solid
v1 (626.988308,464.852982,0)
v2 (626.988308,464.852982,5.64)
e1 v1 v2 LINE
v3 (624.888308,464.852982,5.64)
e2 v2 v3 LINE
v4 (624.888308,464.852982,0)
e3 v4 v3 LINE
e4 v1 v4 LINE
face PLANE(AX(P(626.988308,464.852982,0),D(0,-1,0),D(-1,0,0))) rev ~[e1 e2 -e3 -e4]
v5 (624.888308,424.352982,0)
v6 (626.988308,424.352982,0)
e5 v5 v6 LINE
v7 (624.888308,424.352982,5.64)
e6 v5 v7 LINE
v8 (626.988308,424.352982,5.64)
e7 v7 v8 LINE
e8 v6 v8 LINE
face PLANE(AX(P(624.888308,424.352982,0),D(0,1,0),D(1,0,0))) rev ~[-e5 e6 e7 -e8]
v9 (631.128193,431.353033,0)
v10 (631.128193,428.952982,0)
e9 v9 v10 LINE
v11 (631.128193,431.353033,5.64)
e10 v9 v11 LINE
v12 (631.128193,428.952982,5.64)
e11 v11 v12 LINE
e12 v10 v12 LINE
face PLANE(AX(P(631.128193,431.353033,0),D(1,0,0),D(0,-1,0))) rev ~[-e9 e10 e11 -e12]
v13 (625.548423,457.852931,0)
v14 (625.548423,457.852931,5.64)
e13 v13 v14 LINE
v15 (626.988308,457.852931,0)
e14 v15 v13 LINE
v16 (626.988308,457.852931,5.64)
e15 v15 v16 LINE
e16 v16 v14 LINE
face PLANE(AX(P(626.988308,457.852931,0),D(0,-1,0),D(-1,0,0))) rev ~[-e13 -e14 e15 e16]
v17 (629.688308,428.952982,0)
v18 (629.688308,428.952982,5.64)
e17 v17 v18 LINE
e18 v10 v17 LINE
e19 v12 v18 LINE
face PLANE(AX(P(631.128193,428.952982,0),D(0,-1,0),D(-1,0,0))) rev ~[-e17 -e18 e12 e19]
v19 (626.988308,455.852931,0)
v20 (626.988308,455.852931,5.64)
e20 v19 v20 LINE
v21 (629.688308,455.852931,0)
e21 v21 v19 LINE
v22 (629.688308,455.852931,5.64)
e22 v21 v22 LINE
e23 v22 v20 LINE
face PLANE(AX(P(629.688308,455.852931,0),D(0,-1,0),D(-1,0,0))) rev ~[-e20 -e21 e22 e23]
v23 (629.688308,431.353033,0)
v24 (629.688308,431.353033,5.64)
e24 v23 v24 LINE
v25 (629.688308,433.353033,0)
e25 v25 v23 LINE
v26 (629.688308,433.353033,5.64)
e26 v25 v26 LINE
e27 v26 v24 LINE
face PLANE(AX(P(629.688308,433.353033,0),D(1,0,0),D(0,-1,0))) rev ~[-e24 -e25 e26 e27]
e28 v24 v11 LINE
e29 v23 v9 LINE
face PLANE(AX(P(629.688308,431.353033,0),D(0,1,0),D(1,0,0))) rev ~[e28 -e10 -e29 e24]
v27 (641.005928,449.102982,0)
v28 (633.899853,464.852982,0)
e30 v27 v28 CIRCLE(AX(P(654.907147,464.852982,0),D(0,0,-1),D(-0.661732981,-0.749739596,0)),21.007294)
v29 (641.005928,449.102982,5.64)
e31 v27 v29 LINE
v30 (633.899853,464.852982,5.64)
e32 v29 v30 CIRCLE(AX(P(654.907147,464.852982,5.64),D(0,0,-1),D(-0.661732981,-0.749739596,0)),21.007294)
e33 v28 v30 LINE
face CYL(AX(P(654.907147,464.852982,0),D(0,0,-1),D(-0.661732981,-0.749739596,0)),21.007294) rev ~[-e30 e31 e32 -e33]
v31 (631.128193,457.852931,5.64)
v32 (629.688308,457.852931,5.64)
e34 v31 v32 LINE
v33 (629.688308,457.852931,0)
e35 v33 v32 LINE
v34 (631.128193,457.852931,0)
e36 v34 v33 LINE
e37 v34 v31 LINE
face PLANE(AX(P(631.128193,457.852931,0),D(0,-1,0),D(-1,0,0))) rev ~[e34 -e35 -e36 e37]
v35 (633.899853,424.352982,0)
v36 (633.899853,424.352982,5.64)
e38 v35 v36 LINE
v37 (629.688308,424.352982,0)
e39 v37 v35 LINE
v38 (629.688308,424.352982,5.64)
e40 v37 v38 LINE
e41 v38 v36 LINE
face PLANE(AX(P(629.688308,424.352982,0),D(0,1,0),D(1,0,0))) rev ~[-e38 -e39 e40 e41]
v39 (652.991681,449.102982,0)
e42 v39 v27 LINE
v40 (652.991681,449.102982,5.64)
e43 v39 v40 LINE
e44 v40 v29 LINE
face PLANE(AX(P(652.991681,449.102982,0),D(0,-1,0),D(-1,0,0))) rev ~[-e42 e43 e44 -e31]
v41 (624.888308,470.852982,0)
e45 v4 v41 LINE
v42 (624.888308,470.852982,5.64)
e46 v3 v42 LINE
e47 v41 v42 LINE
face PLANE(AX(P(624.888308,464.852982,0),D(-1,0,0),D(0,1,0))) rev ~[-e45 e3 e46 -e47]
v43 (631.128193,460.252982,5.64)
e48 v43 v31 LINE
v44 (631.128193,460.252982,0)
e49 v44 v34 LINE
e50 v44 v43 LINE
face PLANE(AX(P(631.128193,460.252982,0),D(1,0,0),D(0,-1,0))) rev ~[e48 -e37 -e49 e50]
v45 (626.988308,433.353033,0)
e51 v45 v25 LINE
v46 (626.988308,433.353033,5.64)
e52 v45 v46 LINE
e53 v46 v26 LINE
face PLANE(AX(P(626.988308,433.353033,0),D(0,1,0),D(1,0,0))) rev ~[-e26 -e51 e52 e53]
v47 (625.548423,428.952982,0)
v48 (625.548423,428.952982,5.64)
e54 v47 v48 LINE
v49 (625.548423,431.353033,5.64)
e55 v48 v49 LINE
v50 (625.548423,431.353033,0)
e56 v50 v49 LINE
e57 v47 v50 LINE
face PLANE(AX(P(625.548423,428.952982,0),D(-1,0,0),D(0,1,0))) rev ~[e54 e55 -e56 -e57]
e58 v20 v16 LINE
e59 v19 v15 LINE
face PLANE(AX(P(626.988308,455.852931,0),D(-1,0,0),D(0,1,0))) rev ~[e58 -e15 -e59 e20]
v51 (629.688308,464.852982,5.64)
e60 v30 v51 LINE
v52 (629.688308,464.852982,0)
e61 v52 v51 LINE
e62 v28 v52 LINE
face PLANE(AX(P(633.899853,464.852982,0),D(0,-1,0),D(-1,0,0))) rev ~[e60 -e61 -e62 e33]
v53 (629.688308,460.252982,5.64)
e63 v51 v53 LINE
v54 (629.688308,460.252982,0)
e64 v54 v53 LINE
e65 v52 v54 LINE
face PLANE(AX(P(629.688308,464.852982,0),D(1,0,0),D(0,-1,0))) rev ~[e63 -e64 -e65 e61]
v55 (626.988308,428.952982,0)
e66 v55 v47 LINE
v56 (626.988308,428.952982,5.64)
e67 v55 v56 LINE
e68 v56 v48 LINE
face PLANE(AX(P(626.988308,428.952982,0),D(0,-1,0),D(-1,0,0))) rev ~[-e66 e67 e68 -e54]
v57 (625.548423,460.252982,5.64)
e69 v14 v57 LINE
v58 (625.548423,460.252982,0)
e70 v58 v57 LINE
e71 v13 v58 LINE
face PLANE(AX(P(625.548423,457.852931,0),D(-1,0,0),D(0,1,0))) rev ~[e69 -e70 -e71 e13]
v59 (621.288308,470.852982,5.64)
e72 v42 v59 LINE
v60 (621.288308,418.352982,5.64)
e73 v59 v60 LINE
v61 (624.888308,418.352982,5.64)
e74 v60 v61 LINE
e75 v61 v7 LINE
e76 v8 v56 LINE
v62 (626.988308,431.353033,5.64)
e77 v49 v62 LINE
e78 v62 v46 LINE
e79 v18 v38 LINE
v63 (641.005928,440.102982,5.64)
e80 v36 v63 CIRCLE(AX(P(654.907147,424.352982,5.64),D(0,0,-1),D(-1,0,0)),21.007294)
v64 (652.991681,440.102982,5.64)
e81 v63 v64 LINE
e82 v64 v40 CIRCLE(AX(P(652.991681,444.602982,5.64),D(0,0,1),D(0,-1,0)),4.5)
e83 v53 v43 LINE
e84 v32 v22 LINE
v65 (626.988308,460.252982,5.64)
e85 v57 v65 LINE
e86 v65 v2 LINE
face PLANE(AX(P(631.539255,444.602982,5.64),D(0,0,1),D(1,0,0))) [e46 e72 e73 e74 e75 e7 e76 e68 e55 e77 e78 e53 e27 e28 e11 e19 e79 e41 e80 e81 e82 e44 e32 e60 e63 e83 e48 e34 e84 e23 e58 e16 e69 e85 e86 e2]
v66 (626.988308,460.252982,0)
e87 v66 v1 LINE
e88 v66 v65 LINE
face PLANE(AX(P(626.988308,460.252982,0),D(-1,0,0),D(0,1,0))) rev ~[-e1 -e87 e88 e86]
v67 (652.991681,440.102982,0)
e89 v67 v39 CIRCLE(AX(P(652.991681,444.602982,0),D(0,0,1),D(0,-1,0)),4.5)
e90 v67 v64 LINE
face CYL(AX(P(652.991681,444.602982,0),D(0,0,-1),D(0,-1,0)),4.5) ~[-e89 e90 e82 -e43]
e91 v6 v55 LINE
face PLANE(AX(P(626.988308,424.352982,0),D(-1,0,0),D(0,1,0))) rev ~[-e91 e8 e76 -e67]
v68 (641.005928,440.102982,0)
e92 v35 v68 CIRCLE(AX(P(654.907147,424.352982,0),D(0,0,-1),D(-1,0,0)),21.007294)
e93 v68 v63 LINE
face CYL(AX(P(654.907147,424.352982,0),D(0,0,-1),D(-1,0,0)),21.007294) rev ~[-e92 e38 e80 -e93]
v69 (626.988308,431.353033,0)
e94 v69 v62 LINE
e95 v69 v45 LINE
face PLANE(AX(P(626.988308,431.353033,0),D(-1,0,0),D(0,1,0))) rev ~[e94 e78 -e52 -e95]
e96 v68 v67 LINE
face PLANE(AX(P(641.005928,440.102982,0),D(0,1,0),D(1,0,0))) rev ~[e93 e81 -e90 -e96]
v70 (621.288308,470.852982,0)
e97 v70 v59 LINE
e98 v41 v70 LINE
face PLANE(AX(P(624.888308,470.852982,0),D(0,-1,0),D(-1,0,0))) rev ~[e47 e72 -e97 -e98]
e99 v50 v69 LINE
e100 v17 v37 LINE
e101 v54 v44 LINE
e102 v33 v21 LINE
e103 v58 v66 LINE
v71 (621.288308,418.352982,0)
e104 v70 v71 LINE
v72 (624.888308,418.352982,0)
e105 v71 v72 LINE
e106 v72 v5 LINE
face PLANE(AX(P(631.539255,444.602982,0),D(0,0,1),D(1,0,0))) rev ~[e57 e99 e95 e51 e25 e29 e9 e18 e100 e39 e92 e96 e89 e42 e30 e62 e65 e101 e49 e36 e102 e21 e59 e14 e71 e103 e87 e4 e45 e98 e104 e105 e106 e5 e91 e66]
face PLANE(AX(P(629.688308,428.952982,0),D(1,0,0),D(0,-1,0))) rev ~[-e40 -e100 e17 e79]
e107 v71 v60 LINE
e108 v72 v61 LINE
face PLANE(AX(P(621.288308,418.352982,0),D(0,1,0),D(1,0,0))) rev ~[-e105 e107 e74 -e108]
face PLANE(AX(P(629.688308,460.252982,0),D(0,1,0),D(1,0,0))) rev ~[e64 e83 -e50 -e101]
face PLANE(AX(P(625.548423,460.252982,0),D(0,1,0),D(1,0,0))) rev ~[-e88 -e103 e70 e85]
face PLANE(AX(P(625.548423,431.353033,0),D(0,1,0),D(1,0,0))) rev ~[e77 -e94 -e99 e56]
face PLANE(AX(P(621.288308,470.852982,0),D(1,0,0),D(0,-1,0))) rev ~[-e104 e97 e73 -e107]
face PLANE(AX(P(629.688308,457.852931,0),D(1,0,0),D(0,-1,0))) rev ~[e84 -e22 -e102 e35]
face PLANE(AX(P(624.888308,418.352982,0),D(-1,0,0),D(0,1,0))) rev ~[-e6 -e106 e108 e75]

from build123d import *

# Parameters (mm, degrees)
BOSS_EXTRUDE1_DEPTH = 5.64


with BuildPart() as part:
    # Sketch1 → Boss-Extrude1 (new body)
    with BuildSketch(Plane.XY):
        with BuildLine():
            Line((652.991681442, 449.102981641), (641.005927904, 449.102981641))
            ThreePointArc((641.005927904, 449.102981641), (635.758604181, 456.213554619), (633.899853243, 464.852981641))
            Line((633.899853243, 464.852981641), (629.688308144, 464.852981641))
            Line((629.688308144, 464.852981641), (629.688308144, 460.252981641))
            Line((629.688308144, 460.252981641), (631.128193187, 460.252981641))
            Line((631.128193187, 460.252981641), (631.128193187, 457.852930641))
            Line((631.128193187, 457.852930641), (629.688308144, 457.852930641))
            Line((629.688308144, 457.852930641), (629.688308144, 455.852930641))
            Line((629.688308144, 455.852930641), (626.988308144, 455.852930641))
            Line((626.988308144, 455.852930641), (626.988308144, 457.852930641))
            Line((626.988308144, 457.852930641), (625.548423101, 457.852930641))
            Line((625.548423101, 457.852930641), (625.548423101, 460.252981641))
            Line((625.548423101, 460.252981641), (626.988308144, 460.252981641))
            Line((626.988308144, 460.252981641), (626.988308144, 464.852981641))
            Line((626.988308144, 464.852981641), (624.888308144, 464.852981641))
            Line((624.888308144, 464.852981641), (624.888308144, 470.852981641))
            Line((624.888308144, 470.852981641), (621.288308144, 470.852981641))
            Line((621.288308144, 470.852981641), (621.288308144, 464.852981641))
            Line((621.288308144, 464.852981641), (621.288308144, 424.352981641))
            Line((621.288308144, 424.352981641), (621.288308144, 418.352981641))
            Line((621.288308144, 418.352981641), (624.888308144, 418.352981641))
            Line((624.888308144, 418.352981641), (624.888308144, 424.352981641))
            Line((624.888308144, 424.352981641), (626.988308144, 424.352981641))
            Line((626.988308144, 424.352981641), (626.988308144, 428.952981641))
            Line((626.988308144, 428.952981641), (625.548423101, 428.952981641))
            Line((625.548423101, 428.952981641), (625.548423101, 431.353032641))
            Line((625.548423101, 431.353032641), (626.988308144, 431.353032641))
            Line((626.988308144, 431.353032641), (626.988308144, 433.353032641))
            Line((626.988308144, 433.353032641), (629.688308144, 433.353032641))
            Line((629.688308144, 433.353032641), (629.688308144, 431.353032641))
            Line((629.688308144, 431.353032641), (631.128193187, 431.353032641))
            Line((631.128193187, 431.353032641), (631.128193187, 428.952981641))
            Line((631.128193187, 428.952981641), (629.688308144, 428.952981641))
            Line((629.688308144, 428.952981641), (629.688308144, 424.352981641))
            Line((629.688308144, 424.352981641), (633.899853243, 424.352981641))
            ThreePointArc((633.899853243, 424.352981641), (635.758604181, 432.992408664), (641.005927904, 440.102981641))
            Line((641.005927904, 440.102981641), (652.991681442, 440.102981641))
            ThreePointArc((652.991681442, 440.102981641), (657.491681442, 444.602981641), (652.991681442, 449.102981641))
        make_face()
    extrude(amount=BOSS_EXTRUDE1_DEPTH)


solid = part.part
